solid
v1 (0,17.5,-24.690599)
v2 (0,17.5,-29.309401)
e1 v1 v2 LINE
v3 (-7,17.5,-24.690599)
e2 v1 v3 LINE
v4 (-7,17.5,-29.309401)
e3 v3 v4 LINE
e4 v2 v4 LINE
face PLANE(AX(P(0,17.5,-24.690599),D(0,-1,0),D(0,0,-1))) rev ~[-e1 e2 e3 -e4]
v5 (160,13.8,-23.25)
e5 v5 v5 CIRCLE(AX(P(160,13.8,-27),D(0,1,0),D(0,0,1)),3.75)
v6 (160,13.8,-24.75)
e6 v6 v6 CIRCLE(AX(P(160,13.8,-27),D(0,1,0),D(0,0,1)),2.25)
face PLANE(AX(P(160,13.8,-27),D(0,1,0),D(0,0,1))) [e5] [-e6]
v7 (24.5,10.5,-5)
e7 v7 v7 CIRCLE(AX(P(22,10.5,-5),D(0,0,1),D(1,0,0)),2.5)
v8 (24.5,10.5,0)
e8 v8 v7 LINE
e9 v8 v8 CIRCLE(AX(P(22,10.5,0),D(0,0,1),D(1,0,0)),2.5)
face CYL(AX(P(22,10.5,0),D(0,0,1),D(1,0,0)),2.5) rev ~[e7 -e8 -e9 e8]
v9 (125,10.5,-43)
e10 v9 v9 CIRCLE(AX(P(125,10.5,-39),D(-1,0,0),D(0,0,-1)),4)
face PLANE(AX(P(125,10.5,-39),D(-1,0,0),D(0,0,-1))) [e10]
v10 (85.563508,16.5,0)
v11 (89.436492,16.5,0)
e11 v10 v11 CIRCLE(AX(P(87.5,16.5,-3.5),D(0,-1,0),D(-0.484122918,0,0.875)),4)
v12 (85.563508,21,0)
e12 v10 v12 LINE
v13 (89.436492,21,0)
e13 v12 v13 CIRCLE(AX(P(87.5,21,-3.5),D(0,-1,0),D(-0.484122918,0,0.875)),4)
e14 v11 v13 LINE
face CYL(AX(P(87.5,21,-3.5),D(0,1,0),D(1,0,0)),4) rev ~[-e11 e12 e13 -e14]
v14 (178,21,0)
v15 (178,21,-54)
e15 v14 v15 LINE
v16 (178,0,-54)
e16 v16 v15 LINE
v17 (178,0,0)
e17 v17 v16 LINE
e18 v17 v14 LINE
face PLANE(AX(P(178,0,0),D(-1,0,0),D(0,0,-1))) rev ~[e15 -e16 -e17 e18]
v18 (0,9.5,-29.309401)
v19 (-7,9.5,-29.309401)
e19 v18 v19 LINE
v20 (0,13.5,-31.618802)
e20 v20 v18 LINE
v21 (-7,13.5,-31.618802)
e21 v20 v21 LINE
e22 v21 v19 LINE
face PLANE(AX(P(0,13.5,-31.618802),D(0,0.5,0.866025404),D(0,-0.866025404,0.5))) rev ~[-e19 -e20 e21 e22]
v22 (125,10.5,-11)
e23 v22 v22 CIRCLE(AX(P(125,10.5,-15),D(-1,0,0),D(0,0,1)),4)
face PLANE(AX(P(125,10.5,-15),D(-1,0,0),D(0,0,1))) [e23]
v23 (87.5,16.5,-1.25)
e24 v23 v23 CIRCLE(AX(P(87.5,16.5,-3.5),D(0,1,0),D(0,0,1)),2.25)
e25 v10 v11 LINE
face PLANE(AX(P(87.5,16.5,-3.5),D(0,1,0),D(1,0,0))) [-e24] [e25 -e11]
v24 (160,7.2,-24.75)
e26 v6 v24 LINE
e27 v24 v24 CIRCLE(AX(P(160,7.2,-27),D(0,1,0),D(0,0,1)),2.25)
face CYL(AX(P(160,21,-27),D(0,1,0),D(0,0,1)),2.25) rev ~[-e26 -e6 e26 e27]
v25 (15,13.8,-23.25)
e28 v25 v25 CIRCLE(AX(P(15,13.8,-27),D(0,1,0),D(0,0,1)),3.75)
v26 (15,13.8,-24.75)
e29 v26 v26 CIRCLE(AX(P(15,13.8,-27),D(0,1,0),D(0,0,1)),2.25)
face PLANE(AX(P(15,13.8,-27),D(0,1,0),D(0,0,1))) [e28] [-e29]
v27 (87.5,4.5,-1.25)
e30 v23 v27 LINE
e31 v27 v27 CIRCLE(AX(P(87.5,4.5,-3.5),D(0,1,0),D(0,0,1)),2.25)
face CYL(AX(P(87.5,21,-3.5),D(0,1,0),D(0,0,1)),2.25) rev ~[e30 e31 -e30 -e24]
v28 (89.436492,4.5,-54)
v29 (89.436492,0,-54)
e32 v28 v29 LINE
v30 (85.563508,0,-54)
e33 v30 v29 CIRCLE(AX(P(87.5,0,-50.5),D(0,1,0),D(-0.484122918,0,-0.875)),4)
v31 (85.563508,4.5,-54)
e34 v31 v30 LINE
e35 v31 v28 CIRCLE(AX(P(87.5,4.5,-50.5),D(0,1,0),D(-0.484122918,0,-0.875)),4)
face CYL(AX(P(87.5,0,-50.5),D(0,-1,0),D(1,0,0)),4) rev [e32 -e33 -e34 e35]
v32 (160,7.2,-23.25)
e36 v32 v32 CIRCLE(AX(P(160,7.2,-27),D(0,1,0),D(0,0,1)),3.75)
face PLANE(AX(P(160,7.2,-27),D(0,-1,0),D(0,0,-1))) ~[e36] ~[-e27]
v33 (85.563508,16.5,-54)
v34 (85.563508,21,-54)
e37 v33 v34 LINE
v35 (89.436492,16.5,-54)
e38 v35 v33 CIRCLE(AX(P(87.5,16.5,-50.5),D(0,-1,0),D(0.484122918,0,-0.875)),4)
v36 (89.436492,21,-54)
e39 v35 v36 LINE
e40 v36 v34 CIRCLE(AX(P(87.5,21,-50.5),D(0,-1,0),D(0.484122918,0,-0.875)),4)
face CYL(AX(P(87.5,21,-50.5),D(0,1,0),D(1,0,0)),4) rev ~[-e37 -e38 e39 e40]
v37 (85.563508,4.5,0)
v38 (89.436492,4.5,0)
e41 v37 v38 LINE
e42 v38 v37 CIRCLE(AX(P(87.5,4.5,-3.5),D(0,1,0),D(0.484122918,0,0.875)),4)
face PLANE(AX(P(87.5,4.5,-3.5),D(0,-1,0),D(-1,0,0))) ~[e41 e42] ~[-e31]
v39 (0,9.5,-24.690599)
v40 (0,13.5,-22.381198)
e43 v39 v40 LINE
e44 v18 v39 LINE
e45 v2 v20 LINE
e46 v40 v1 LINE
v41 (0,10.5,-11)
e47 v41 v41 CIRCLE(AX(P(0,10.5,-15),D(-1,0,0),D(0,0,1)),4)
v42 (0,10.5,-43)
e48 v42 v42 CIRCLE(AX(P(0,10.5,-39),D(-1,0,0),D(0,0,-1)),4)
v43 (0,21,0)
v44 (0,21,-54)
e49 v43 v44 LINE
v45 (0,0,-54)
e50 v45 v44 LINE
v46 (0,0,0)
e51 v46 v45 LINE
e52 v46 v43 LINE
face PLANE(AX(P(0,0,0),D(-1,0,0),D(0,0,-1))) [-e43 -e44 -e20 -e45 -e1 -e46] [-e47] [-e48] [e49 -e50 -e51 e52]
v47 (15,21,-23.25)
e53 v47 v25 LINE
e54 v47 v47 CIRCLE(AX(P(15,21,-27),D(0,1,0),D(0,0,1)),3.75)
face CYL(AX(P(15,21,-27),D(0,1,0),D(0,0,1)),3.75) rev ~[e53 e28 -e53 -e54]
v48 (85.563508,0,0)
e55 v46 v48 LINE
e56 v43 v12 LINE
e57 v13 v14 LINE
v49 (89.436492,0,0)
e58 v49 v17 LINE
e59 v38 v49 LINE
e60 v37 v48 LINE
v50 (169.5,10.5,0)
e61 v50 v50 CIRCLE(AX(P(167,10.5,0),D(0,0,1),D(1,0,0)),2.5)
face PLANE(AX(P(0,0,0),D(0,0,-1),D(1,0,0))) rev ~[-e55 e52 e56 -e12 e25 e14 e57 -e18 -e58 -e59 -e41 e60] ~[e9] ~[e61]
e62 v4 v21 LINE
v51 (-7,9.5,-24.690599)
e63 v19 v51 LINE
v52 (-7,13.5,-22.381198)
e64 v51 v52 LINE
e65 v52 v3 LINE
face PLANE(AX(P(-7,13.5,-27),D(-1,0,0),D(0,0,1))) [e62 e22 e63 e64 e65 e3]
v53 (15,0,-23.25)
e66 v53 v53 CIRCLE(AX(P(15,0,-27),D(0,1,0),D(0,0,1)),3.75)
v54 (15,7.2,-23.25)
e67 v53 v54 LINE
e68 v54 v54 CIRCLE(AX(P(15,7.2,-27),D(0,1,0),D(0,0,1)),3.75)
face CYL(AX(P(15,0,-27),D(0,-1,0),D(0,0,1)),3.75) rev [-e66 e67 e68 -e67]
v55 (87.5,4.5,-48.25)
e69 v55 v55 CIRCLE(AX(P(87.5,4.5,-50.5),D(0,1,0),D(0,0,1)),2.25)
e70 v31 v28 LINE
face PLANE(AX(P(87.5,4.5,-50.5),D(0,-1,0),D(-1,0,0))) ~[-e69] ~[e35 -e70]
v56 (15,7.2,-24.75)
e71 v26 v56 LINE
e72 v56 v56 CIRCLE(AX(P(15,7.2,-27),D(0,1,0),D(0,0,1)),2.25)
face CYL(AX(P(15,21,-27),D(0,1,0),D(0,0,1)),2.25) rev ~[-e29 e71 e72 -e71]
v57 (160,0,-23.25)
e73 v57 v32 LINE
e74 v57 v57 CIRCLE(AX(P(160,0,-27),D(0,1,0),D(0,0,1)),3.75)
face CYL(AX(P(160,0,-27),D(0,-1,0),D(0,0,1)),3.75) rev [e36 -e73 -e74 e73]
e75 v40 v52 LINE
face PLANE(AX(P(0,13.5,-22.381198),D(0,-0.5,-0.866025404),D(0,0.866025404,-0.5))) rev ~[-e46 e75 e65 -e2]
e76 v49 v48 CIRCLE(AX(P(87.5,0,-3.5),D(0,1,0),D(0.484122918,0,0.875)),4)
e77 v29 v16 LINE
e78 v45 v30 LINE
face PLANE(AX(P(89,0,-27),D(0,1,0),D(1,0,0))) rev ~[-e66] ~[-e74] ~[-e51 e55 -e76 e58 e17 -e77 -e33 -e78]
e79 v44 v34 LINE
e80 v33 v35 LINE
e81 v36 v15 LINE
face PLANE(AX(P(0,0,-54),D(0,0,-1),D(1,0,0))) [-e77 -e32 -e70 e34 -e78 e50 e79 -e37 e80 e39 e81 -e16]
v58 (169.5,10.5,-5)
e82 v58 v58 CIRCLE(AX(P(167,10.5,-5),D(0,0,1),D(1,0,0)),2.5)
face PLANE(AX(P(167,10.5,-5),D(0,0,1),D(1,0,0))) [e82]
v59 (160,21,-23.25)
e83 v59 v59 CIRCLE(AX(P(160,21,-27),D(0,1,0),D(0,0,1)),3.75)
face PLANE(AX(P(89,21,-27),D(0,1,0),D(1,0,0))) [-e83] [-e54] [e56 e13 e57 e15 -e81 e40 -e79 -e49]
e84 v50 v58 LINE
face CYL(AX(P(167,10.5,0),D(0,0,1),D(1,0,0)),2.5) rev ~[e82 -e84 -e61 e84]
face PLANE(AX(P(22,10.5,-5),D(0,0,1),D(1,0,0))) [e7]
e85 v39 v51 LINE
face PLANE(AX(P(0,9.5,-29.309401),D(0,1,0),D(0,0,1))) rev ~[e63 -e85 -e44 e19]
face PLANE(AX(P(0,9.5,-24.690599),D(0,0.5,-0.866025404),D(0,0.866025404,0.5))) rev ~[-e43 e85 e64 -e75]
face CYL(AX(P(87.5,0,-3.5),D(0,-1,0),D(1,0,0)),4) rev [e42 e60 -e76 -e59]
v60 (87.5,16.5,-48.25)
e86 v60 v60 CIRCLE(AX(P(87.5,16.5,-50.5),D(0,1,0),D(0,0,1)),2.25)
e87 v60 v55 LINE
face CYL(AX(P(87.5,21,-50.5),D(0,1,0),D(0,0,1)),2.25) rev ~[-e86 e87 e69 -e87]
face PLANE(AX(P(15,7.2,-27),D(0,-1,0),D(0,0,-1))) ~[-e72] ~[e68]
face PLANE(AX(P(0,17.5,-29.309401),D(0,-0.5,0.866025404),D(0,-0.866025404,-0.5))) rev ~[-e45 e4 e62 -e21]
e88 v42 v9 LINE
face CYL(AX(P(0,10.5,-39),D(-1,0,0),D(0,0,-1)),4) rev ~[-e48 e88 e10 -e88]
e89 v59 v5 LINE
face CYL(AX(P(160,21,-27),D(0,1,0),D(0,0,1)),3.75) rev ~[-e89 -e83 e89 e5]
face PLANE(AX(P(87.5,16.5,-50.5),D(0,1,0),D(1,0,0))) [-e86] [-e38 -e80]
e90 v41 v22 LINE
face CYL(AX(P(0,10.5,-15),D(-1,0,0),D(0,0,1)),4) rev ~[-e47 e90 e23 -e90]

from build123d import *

# Parameters (mm, degrees)
SKETCH_1_W          = 178
SKETCH_1_H          = 54
EXTRUDE_1_DEPTH     = 21
SKETCH_2_R          = 4
CUT_EXTRUDE_1_DEPTH = 125
SKETCH_3_R          = 2.25
CUT_EXTRUDE_2_DEPTH = 188.192414376
SKETCH_4_R          = 4
CUT_EXTRUDE_3_DEPTH = 4.5
SKETCH_5_R          = 3.75
CUT_EXTRUDE_4_DEPTH = 7.2
SKETCH_6_R          = 2.5
CUT_EXTRUDE_5_DEPTH = 5
EXTRUDE_2_DEPTH     = 7


with BuildPart() as part:
    # 草图1 → 凸台-拉伸1 (new body)
    with BuildSketch(Plane(origin=(0, 0, 0), x_dir=(1, 0, 0), z_dir=(0, 1, 0))):
        with Locations((89, 27)):
            Rectangle(SKETCH_1_W, SKETCH_1_H)
    extrude(amount=EXTRUDE_1_DEPTH)

    # 草图2 → 切除-拉伸1 (cut)
    with BuildSketch(Plane.ZY):
        with Locations((-15, 10.5)):
            Circle(SKETCH_2_R)
        with Locations(Location((-39, 10.5, 0), (0, 0, 180))):
            Circle(SKETCH_2_R)
    extrude(amount=-CUT_EXTRUDE_1_DEPTH, mode=Mode.SUBTRACT)

    # 草图3 → 切除-拉伸2 (cut, through all)
    with BuildSketch(Plane(origin=(0, 21, 0), x_dir=(1, 0, 0), z_dir=(0, 1, 0))):
        with Locations(Location((87.5, 3.5, 0), (0, 0, 270))):
            Circle(SKETCH_3_R)
        with Locations(Location((87.5, 50.5, 0), (0, 0, 270))):
            Circle(SKETCH_3_R)
        with Locations(Location((15, 27, 0), (0, 0, 270))):
            Circle(SKETCH_3_R)
        with Locations(Location((160, 27, 0), (0, 0, 270))):
            Circle(SKETCH_3_R)
    extrude(amount=-CUT_EXTRUDE_2_DEPTH, mode=Mode.SUBTRACT)

    # 草图4 → 切除-拉伸3 (cut)
    with BuildSketch(Plane(origin=(0, 21, 0), x_dir=(1, 0, 0), z_dir=(0, 1, 0))):
        with Locations((87.5, 50.5)):
            Circle(SKETCH_4_R)
        with Locations((87.5, 3.5)):
            Circle(SKETCH_4_R)
    cut_extrude_3 = extrude(amount=-CUT_EXTRUDE_3_DEPTH, mode=Mode.SUBTRACT)

    # 草图5 → 切除-拉伸4 (cut)
    with BuildSketch(Plane(origin=(0, 21, 0), x_dir=(1, 0, 0), z_dir=(0, 1, 0))):
        with Locations(Location((160, 27, 0), (0, 0, 270))):
            Circle(SKETCH_5_R)
        with Locations(Location((15, 27, 0), (0, 0, 270))):
            Circle(SKETCH_5_R)
    cut_extrude_4 = extrude(amount=-CUT_EXTRUDE_4_DEPTH, mode=Mode.SUBTRACT)

    # 镜向1: 切除-拉伸3, 切除-拉伸4 across plane
    add(cut_extrude_3.mirror(Plane(origin=(0, 10.5, 0), x_dir=(0, 0, 1), z_dir=(0, -1, 0))), mode=Mode.SUBTRACT)
    add(cut_extrude_4.mirror(Plane(origin=(0, 10.5, 0), x_dir=(0, 0, 1), z_dir=(0, -1, 0))), mode=Mode.SUBTRACT)

    # 草图6 → 切除-拉伸5 (cut)
    with BuildSketch(Plane.XY):
        with Locations((22, 10.5)):
            Circle(SKETCH_6_R)
        with Locations((167, 10.5)):
            Circle(SKETCH_6_R)
    extrude(amount=-CUT_EXTRUDE_5_DEPTH, mode=Mode.SUBTRACT)

    # 草图7 → 凸台-拉伸2 (add)
    with BuildSketch(Plane.ZY):
        Polygon((-24.690598923, 17.5), (-29.309401077, 17.5), (-31.618802154, 13.5), (-29.309401077, 9.5), (-24.690598923, 9.5), (-22.381197846, 13.5), align=None)
    extrude(amount=EXTRUDE_2_DEPTH)


solid = part.part
